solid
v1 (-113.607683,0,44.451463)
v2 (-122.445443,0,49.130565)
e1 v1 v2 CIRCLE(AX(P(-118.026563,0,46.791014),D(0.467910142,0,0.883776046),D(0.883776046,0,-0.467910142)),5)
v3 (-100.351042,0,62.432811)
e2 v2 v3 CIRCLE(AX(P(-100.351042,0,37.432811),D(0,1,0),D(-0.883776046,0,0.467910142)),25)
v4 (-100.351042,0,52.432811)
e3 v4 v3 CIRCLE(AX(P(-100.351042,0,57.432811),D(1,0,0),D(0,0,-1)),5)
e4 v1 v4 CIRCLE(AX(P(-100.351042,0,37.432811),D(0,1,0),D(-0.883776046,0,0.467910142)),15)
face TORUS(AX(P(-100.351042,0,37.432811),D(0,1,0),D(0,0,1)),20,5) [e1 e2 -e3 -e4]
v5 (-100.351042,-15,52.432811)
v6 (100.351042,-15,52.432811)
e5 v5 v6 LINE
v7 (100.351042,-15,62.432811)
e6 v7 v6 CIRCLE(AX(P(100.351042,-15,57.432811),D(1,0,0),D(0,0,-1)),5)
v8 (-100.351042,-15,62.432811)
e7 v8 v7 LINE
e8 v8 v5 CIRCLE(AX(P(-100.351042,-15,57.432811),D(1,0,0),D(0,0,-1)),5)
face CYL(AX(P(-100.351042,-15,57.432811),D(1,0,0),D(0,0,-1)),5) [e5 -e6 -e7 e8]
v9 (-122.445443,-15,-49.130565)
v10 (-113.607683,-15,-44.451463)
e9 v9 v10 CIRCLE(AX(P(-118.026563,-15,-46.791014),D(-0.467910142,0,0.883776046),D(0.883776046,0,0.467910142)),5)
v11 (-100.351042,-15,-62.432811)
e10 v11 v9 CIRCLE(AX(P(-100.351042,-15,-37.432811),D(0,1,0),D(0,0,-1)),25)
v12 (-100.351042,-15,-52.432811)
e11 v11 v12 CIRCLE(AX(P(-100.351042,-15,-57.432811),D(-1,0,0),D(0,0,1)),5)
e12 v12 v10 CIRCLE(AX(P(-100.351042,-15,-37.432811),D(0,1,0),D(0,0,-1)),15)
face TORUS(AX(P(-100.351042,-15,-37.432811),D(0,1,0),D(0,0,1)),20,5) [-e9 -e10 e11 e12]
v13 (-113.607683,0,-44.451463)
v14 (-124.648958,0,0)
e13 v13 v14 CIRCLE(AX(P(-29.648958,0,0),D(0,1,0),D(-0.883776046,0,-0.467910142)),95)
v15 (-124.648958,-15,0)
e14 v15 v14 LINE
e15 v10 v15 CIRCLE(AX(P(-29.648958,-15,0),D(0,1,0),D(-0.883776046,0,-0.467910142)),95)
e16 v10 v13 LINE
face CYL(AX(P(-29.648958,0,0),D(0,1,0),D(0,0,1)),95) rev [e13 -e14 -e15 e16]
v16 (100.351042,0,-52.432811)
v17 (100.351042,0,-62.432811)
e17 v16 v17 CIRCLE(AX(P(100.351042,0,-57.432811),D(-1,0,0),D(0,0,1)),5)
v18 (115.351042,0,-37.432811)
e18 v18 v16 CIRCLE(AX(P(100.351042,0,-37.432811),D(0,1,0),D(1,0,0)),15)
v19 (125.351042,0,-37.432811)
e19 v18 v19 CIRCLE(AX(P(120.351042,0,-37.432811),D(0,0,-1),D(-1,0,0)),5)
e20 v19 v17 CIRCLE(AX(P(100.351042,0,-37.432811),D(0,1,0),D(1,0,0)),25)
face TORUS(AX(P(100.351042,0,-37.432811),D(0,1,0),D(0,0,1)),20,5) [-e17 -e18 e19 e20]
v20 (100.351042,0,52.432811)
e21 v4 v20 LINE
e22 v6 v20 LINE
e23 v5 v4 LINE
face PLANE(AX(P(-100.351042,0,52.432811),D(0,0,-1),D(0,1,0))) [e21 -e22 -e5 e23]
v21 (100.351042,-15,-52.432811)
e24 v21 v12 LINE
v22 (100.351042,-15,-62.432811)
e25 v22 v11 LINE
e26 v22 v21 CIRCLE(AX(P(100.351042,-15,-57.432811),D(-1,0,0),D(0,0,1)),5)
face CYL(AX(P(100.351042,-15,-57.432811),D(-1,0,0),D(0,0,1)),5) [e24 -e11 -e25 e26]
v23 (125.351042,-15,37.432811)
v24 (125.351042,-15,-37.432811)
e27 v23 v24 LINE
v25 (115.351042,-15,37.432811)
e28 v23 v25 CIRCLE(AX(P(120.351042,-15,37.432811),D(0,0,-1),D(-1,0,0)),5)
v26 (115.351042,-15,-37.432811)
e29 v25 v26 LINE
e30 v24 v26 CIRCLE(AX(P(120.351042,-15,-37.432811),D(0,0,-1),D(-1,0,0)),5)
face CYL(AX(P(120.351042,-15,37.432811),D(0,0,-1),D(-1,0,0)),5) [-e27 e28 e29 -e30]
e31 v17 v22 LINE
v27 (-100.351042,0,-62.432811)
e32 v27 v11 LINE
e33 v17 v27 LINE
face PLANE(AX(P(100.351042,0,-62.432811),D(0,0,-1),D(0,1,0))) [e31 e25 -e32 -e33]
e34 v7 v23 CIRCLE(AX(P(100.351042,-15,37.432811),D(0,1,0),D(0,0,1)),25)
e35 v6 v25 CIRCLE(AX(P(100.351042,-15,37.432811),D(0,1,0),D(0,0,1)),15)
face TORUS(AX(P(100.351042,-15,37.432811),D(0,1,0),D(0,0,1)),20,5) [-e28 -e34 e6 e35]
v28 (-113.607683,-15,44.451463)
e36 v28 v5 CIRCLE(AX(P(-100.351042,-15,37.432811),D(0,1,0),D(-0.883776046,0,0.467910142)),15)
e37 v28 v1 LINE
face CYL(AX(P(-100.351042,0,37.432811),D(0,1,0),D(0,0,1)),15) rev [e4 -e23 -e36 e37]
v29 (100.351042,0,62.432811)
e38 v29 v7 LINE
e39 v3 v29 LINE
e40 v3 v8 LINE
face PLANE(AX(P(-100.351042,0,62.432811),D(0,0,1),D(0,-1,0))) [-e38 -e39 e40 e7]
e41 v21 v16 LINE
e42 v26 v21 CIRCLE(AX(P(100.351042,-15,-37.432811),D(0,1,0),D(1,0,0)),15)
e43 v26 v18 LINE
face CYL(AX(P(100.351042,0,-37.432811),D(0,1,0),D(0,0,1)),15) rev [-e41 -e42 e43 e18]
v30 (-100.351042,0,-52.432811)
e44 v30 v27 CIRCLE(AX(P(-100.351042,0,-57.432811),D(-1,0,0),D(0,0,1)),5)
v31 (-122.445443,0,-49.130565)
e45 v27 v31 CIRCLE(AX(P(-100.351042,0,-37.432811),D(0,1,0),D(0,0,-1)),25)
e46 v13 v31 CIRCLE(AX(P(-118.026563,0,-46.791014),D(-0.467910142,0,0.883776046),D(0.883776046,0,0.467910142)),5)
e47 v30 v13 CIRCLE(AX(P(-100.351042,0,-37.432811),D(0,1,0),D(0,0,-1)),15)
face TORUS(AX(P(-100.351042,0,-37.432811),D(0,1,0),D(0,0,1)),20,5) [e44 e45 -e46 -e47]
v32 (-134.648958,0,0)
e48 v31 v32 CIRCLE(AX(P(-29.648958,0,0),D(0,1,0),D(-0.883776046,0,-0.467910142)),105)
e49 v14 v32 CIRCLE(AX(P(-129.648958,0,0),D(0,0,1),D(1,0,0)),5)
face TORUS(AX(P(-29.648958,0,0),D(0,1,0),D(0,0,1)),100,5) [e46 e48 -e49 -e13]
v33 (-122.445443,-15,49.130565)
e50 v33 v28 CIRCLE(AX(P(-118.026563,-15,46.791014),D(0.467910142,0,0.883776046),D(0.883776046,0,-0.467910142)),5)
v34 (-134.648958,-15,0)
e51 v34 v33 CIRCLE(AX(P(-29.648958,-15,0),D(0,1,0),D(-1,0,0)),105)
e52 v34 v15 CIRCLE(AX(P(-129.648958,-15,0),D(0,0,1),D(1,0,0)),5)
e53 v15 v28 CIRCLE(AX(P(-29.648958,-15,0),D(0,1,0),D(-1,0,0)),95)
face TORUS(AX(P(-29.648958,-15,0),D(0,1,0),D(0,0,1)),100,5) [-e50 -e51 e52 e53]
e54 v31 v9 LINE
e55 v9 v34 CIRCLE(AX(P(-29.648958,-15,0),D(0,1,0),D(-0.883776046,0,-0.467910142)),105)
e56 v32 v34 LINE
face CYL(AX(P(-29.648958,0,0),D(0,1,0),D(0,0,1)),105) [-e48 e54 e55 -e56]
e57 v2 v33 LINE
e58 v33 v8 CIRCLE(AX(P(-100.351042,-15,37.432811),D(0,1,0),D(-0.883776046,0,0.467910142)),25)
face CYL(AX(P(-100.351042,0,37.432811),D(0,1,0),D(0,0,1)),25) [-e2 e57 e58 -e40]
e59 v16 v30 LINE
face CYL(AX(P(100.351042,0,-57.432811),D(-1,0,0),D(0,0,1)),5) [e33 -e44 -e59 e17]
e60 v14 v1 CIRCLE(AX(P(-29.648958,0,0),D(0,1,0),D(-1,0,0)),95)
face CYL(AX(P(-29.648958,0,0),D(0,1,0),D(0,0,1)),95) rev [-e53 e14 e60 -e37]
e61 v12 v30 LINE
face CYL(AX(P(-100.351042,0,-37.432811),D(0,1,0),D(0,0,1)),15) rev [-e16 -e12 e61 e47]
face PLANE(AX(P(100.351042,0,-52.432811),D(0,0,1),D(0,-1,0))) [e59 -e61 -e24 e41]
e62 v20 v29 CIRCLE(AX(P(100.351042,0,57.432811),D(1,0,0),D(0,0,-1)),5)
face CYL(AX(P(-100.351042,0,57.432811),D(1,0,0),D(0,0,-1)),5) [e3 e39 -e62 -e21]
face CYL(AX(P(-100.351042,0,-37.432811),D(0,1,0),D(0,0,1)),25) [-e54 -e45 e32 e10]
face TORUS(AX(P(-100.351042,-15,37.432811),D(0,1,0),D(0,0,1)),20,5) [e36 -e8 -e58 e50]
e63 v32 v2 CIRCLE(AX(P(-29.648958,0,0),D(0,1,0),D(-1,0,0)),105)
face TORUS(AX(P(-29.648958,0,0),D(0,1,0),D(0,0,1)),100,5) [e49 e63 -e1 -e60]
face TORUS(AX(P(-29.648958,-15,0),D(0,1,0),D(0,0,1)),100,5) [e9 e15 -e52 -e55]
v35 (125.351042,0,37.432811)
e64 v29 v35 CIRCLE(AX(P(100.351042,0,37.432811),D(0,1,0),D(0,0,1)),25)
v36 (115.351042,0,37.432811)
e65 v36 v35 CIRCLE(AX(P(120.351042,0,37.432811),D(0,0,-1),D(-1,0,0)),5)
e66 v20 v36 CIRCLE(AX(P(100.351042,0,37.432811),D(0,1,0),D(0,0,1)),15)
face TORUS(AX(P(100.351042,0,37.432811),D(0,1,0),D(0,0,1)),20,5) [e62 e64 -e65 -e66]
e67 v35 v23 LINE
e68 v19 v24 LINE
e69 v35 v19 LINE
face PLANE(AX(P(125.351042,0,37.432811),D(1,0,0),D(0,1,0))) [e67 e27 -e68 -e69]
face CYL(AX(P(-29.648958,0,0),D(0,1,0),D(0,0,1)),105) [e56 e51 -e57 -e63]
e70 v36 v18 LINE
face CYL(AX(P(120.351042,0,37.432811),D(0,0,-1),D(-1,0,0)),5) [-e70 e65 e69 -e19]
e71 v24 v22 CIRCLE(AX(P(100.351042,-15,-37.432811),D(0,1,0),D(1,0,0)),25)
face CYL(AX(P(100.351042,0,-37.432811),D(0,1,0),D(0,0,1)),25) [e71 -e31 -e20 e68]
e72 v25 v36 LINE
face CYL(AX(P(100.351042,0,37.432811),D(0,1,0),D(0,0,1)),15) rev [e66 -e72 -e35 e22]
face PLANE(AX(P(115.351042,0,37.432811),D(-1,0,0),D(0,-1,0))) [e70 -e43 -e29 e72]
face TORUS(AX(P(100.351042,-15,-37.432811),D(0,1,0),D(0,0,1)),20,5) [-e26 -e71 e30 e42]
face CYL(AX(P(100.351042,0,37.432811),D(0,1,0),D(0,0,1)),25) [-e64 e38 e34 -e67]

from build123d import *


with BuildPart() as part:
    # Austragung1: sweep along a path in Skizze1
    with BuildLine(Plane(origin=(0, 0, 0), x_dir=(1, 0, 0), z_dir=(0, 1, 0))) as austragung1_path:
        Line((-100.35104183, -57.432811357), (100.35104183, -57.432811357))
        ThreePointArc((100.35104183, -57.432811357), (114.493177454, -51.574946981), (120.35104183, -37.432811357))
        Line((120.35104183, -37.432811357), (120.35104183, 37.432811357))
        ThreePointArc((120.35104183, 37.432811357), (114.493177454, 51.574946981), (100.35104183, 57.432811357))
        Line((100.35104183, 57.432811357), (-100.35104183, 57.432811357))
        ThreePointArc((-100.35104183, 57.432811357), (-110.666950496, 54.567046922), (-118.026562745, 46.791014197))
        ThreePointArc((-118.026562745, 46.791014197), (-129.64895817, 0), (-118.026562745, -46.791014197))
        ThreePointArc((-118.026562745, -46.791014197), (-110.666950496, -54.567046922), (-100.35104183, -57.432811357))
    # Skizze2 → Austragung1 (sweep)
    with BuildSketch(Plane.XY):
        with BuildLine():
            Line((-124.64895817, 0), (-124.64895817, -15))
            ThreePointArc((-124.64895817, -15), (-129.64895817, -20), (-134.64895817, -15))
            Line((-134.64895817, -15), (-134.64895817, 0))
            ThreePointArc((-134.64895817, 0), (-129.64895817, 5), (-124.64895817, 0))
        make_face()
    sweep(path=austragung1_path.line)


solid = part.part
